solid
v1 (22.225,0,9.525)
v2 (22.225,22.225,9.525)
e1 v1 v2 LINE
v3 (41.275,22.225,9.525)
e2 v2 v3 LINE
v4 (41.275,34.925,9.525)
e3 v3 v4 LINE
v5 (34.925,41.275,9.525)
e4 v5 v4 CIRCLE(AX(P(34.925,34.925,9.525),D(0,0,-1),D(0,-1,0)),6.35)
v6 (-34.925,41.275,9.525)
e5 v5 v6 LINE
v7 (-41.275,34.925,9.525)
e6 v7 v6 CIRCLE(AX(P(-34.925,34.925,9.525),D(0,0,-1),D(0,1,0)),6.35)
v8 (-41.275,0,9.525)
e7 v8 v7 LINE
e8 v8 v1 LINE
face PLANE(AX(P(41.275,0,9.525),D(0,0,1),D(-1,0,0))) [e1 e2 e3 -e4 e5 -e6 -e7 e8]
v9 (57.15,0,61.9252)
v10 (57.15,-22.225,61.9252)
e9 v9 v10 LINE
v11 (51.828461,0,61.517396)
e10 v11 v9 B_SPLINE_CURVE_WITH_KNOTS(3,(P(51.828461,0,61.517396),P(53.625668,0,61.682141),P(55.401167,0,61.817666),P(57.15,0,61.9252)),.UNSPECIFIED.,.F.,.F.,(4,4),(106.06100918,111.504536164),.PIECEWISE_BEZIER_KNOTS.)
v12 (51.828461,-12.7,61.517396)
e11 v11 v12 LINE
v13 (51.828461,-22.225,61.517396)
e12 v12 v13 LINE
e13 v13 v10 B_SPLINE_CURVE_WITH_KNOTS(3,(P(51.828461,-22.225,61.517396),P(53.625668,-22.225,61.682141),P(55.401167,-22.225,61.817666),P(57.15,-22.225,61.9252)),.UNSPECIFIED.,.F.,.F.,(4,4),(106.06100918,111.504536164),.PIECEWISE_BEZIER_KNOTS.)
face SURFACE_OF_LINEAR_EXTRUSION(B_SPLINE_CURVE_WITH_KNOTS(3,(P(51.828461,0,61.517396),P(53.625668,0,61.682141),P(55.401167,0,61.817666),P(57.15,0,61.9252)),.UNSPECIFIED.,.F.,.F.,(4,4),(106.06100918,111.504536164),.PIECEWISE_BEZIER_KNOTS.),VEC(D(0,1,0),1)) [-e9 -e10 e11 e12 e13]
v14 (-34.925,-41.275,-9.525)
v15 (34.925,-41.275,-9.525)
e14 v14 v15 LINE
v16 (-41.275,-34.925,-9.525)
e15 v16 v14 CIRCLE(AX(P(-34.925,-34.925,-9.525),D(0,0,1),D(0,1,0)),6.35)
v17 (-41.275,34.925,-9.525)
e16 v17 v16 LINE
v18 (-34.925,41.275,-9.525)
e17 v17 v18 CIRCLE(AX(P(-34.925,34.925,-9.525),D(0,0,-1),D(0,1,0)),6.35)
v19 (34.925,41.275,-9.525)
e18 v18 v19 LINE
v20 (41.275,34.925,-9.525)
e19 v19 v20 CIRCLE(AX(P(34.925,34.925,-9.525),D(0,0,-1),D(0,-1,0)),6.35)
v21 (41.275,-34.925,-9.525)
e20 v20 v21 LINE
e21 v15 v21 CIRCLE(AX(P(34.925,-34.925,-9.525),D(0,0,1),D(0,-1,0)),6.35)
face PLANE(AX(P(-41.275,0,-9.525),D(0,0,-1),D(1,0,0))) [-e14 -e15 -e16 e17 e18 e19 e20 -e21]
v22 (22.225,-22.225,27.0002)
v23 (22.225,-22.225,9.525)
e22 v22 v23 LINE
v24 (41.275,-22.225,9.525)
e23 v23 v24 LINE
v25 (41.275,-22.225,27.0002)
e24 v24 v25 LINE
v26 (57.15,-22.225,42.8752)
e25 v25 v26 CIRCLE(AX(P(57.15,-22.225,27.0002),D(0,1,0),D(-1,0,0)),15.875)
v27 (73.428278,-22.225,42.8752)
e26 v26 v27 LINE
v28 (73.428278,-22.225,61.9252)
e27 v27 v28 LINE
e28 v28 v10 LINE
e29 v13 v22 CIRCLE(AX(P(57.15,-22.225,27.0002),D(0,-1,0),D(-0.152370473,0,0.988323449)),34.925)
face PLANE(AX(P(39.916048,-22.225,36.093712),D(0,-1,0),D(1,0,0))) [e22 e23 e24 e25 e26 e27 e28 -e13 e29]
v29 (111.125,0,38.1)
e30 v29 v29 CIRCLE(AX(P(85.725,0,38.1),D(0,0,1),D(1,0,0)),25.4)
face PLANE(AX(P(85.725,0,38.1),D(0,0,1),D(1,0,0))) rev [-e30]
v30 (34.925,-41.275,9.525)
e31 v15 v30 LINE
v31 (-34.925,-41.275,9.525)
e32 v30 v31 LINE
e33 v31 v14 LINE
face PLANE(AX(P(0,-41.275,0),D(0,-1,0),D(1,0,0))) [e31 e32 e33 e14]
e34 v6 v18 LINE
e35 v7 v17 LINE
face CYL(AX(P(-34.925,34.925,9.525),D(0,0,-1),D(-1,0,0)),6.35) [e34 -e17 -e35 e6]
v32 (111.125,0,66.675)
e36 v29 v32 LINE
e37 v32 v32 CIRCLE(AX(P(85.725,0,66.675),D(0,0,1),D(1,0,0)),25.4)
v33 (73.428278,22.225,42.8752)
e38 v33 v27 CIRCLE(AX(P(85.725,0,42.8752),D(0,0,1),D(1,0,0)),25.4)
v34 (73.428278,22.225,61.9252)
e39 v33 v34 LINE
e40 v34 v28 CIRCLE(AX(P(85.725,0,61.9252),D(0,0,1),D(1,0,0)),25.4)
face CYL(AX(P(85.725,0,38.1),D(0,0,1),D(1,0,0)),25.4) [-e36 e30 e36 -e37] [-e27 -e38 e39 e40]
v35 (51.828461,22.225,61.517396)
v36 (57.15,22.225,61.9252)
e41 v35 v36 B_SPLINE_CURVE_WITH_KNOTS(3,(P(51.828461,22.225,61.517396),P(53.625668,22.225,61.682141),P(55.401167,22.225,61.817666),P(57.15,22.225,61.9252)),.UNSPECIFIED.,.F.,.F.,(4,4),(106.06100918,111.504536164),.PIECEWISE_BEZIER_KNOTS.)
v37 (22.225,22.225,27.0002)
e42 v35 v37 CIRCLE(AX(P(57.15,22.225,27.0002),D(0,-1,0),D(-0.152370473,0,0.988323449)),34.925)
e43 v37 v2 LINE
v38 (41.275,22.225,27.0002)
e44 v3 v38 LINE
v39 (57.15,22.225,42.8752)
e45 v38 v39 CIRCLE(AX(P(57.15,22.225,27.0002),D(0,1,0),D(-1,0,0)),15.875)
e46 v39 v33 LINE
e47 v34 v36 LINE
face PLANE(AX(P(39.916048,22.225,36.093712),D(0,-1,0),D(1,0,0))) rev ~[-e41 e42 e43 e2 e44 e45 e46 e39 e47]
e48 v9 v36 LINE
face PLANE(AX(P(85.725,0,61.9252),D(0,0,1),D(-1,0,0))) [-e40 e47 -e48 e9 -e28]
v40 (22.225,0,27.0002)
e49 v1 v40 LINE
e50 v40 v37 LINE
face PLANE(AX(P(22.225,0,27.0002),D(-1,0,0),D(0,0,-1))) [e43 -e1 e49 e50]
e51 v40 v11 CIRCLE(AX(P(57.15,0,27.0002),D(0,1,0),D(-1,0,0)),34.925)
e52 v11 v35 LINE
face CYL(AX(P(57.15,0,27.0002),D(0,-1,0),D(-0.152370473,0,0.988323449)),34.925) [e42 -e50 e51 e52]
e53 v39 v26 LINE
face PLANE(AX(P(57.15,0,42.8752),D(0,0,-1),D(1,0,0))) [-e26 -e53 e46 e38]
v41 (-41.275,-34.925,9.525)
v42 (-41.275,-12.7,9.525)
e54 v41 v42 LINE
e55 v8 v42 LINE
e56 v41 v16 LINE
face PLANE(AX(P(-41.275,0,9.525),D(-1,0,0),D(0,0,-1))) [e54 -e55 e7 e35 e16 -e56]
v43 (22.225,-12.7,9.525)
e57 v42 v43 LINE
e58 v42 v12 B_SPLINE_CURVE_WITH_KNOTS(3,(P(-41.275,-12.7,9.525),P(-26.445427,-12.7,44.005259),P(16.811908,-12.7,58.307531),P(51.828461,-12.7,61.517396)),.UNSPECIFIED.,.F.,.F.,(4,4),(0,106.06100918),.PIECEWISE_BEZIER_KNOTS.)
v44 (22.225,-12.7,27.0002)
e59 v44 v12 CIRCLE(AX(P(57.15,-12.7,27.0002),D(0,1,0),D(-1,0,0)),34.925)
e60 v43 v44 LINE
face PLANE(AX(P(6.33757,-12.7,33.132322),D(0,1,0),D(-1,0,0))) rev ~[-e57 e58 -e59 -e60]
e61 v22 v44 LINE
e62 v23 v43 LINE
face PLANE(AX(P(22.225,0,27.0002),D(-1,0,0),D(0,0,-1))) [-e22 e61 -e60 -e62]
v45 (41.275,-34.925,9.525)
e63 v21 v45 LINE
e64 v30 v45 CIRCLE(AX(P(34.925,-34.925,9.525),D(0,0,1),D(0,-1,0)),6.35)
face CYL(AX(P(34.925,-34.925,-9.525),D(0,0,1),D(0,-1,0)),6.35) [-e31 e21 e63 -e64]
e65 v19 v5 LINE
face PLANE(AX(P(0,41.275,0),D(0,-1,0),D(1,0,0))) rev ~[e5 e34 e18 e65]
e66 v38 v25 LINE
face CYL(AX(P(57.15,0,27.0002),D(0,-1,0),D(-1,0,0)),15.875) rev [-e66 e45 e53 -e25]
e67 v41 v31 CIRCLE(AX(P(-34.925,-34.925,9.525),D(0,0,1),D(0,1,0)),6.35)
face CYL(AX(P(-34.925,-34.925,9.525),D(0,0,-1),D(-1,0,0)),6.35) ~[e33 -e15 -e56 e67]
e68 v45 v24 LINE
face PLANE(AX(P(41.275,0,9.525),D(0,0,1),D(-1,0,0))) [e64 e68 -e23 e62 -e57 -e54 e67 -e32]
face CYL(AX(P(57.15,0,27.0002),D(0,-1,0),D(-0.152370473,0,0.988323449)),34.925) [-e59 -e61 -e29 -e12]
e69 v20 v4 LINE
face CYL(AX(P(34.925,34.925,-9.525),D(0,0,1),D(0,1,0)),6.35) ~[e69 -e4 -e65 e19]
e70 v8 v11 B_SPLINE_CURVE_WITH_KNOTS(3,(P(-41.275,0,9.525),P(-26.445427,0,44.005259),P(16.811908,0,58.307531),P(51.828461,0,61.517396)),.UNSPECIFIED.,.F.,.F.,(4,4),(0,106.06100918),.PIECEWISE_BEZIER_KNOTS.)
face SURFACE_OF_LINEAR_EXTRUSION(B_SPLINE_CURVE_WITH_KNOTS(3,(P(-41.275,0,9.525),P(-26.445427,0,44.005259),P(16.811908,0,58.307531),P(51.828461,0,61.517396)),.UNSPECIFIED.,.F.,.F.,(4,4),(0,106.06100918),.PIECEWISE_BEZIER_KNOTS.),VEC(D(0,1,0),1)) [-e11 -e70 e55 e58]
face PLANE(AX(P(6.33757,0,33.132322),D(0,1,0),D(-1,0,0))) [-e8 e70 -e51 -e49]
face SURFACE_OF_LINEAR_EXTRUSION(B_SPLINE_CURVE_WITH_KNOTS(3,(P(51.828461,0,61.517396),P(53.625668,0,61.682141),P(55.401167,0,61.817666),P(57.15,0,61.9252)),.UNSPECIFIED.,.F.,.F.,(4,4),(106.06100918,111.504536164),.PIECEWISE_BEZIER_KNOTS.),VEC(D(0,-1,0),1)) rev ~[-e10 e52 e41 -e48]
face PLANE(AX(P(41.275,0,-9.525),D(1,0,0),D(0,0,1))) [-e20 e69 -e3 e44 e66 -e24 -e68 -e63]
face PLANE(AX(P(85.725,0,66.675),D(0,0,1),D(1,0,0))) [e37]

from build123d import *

# Parameters (mm, degrees)
F1_DEPTH = 41.275
F0_W     = 25.4
F0_H     = 19.05
F2_DEPTH = 22.225
F4_DEPTH = 12.7
F5_R     = 6.35


with BuildPart() as f1:
    # F0 (on Front) → F1 (new body, symmetric)
    with BuildSketch(Plane.XZ):
        Polygon((-41.275, 9.525), (-41.275, -9.525), (41.275, -9.525), (41.275, 9.525), (22.225, 9.525), align=None)
    extrude(amount=F1_DEPTH, both=True)

    # F0 (on Front) → F2 (join, symmetric)
    with BuildSketch(Plane.XZ):
        with BuildLine():
            Line((22.225, 9.525), (41.275, 9.525))
            Line((41.275, 9.525), (41.275, 27.0002))
            ThreePointArc((41.275, 27.0002), (45.9246798487, 38.2255201513), (57.15, 42.8752))
            Line((57.15, 42.8752), (60.325, 42.8752))
            Line((60.325, 42.8752), (60.325, 61.9252))
            Line((60.325, 61.9252), (57.15, 61.9252))
            add(Edge.make_bspline(
                [(51.8284612448, 61.5173964429), (53.6256679067, 61.6821411581), (55.4011666766, 61.8176662229), (57.15, 61.9252)],
                knots=[106.0610091798, 106.0610091798, 106.0610091798, 106.0610091798, 111.5045361635, 111.5045361635, 111.5045361635, 111.5045361635], degree=3))
            ThreePointArc((51.8284612448, 61.5173964429), (30.6395269184, 49.7367441963), (22.225, 27.0002))
            Line((22.225, 27.0002), (22.225, 9.525))
        make_face()
        with Locations((73.025, 52.4002)):
            Rectangle(F0_W, F0_H)
    extrude(amount=F2_DEPTH, both=True)

    # F0 (on Front) → F3 (revolve)
    with BuildSketch(Plane.XZ):
        Polygon((85.725, 66.675), (85.725, 61.9252), (85.725, 42.8752), (85.725, 38.1), (111.125, 38.1), (111.125, 66.675), align=None)
    revolve(axis=Axis((85.725, 0, 54.7751), (0, 0, 1)))

    # F0 (on Front) → F4 (join)
    with BuildSketch(Plane.XZ):
        with BuildLine():
            add(Edge.make_bspline(
                [(-41.275, 9.525), (-26.4454266559, 44.0052587765), (16.8119080386, 58.3075307065), (51.8284612448, 61.5173964429)],
                knots=[0, 0, 0, 0, 106.0610091798, 106.0610091798, 106.0610091798, 106.0610091798], degree=3))
            Line((-41.275, 9.525), (22.225, 9.525))
            Line((22.225, 9.525), (22.225, 27.0002))
            ThreePointArc((22.225, 27.0002), (30.6395269184, 49.7367441963), (51.8284612448, 61.5173964429))
        make_face()
    extrude(amount=F4_DEPTH)

    # F5
    f5_edges = [f1.edges().sort_by_distance(p)[0] for p in [
        (41.275, -41.275, 0),
        (-41.275, -41.275, 0),
        (41.275, 41.275, 0),
        (-41.275, 41.275, 0),
    ]]
    fillet(f5_edges, radius=F5_R)


solid = f1.part
